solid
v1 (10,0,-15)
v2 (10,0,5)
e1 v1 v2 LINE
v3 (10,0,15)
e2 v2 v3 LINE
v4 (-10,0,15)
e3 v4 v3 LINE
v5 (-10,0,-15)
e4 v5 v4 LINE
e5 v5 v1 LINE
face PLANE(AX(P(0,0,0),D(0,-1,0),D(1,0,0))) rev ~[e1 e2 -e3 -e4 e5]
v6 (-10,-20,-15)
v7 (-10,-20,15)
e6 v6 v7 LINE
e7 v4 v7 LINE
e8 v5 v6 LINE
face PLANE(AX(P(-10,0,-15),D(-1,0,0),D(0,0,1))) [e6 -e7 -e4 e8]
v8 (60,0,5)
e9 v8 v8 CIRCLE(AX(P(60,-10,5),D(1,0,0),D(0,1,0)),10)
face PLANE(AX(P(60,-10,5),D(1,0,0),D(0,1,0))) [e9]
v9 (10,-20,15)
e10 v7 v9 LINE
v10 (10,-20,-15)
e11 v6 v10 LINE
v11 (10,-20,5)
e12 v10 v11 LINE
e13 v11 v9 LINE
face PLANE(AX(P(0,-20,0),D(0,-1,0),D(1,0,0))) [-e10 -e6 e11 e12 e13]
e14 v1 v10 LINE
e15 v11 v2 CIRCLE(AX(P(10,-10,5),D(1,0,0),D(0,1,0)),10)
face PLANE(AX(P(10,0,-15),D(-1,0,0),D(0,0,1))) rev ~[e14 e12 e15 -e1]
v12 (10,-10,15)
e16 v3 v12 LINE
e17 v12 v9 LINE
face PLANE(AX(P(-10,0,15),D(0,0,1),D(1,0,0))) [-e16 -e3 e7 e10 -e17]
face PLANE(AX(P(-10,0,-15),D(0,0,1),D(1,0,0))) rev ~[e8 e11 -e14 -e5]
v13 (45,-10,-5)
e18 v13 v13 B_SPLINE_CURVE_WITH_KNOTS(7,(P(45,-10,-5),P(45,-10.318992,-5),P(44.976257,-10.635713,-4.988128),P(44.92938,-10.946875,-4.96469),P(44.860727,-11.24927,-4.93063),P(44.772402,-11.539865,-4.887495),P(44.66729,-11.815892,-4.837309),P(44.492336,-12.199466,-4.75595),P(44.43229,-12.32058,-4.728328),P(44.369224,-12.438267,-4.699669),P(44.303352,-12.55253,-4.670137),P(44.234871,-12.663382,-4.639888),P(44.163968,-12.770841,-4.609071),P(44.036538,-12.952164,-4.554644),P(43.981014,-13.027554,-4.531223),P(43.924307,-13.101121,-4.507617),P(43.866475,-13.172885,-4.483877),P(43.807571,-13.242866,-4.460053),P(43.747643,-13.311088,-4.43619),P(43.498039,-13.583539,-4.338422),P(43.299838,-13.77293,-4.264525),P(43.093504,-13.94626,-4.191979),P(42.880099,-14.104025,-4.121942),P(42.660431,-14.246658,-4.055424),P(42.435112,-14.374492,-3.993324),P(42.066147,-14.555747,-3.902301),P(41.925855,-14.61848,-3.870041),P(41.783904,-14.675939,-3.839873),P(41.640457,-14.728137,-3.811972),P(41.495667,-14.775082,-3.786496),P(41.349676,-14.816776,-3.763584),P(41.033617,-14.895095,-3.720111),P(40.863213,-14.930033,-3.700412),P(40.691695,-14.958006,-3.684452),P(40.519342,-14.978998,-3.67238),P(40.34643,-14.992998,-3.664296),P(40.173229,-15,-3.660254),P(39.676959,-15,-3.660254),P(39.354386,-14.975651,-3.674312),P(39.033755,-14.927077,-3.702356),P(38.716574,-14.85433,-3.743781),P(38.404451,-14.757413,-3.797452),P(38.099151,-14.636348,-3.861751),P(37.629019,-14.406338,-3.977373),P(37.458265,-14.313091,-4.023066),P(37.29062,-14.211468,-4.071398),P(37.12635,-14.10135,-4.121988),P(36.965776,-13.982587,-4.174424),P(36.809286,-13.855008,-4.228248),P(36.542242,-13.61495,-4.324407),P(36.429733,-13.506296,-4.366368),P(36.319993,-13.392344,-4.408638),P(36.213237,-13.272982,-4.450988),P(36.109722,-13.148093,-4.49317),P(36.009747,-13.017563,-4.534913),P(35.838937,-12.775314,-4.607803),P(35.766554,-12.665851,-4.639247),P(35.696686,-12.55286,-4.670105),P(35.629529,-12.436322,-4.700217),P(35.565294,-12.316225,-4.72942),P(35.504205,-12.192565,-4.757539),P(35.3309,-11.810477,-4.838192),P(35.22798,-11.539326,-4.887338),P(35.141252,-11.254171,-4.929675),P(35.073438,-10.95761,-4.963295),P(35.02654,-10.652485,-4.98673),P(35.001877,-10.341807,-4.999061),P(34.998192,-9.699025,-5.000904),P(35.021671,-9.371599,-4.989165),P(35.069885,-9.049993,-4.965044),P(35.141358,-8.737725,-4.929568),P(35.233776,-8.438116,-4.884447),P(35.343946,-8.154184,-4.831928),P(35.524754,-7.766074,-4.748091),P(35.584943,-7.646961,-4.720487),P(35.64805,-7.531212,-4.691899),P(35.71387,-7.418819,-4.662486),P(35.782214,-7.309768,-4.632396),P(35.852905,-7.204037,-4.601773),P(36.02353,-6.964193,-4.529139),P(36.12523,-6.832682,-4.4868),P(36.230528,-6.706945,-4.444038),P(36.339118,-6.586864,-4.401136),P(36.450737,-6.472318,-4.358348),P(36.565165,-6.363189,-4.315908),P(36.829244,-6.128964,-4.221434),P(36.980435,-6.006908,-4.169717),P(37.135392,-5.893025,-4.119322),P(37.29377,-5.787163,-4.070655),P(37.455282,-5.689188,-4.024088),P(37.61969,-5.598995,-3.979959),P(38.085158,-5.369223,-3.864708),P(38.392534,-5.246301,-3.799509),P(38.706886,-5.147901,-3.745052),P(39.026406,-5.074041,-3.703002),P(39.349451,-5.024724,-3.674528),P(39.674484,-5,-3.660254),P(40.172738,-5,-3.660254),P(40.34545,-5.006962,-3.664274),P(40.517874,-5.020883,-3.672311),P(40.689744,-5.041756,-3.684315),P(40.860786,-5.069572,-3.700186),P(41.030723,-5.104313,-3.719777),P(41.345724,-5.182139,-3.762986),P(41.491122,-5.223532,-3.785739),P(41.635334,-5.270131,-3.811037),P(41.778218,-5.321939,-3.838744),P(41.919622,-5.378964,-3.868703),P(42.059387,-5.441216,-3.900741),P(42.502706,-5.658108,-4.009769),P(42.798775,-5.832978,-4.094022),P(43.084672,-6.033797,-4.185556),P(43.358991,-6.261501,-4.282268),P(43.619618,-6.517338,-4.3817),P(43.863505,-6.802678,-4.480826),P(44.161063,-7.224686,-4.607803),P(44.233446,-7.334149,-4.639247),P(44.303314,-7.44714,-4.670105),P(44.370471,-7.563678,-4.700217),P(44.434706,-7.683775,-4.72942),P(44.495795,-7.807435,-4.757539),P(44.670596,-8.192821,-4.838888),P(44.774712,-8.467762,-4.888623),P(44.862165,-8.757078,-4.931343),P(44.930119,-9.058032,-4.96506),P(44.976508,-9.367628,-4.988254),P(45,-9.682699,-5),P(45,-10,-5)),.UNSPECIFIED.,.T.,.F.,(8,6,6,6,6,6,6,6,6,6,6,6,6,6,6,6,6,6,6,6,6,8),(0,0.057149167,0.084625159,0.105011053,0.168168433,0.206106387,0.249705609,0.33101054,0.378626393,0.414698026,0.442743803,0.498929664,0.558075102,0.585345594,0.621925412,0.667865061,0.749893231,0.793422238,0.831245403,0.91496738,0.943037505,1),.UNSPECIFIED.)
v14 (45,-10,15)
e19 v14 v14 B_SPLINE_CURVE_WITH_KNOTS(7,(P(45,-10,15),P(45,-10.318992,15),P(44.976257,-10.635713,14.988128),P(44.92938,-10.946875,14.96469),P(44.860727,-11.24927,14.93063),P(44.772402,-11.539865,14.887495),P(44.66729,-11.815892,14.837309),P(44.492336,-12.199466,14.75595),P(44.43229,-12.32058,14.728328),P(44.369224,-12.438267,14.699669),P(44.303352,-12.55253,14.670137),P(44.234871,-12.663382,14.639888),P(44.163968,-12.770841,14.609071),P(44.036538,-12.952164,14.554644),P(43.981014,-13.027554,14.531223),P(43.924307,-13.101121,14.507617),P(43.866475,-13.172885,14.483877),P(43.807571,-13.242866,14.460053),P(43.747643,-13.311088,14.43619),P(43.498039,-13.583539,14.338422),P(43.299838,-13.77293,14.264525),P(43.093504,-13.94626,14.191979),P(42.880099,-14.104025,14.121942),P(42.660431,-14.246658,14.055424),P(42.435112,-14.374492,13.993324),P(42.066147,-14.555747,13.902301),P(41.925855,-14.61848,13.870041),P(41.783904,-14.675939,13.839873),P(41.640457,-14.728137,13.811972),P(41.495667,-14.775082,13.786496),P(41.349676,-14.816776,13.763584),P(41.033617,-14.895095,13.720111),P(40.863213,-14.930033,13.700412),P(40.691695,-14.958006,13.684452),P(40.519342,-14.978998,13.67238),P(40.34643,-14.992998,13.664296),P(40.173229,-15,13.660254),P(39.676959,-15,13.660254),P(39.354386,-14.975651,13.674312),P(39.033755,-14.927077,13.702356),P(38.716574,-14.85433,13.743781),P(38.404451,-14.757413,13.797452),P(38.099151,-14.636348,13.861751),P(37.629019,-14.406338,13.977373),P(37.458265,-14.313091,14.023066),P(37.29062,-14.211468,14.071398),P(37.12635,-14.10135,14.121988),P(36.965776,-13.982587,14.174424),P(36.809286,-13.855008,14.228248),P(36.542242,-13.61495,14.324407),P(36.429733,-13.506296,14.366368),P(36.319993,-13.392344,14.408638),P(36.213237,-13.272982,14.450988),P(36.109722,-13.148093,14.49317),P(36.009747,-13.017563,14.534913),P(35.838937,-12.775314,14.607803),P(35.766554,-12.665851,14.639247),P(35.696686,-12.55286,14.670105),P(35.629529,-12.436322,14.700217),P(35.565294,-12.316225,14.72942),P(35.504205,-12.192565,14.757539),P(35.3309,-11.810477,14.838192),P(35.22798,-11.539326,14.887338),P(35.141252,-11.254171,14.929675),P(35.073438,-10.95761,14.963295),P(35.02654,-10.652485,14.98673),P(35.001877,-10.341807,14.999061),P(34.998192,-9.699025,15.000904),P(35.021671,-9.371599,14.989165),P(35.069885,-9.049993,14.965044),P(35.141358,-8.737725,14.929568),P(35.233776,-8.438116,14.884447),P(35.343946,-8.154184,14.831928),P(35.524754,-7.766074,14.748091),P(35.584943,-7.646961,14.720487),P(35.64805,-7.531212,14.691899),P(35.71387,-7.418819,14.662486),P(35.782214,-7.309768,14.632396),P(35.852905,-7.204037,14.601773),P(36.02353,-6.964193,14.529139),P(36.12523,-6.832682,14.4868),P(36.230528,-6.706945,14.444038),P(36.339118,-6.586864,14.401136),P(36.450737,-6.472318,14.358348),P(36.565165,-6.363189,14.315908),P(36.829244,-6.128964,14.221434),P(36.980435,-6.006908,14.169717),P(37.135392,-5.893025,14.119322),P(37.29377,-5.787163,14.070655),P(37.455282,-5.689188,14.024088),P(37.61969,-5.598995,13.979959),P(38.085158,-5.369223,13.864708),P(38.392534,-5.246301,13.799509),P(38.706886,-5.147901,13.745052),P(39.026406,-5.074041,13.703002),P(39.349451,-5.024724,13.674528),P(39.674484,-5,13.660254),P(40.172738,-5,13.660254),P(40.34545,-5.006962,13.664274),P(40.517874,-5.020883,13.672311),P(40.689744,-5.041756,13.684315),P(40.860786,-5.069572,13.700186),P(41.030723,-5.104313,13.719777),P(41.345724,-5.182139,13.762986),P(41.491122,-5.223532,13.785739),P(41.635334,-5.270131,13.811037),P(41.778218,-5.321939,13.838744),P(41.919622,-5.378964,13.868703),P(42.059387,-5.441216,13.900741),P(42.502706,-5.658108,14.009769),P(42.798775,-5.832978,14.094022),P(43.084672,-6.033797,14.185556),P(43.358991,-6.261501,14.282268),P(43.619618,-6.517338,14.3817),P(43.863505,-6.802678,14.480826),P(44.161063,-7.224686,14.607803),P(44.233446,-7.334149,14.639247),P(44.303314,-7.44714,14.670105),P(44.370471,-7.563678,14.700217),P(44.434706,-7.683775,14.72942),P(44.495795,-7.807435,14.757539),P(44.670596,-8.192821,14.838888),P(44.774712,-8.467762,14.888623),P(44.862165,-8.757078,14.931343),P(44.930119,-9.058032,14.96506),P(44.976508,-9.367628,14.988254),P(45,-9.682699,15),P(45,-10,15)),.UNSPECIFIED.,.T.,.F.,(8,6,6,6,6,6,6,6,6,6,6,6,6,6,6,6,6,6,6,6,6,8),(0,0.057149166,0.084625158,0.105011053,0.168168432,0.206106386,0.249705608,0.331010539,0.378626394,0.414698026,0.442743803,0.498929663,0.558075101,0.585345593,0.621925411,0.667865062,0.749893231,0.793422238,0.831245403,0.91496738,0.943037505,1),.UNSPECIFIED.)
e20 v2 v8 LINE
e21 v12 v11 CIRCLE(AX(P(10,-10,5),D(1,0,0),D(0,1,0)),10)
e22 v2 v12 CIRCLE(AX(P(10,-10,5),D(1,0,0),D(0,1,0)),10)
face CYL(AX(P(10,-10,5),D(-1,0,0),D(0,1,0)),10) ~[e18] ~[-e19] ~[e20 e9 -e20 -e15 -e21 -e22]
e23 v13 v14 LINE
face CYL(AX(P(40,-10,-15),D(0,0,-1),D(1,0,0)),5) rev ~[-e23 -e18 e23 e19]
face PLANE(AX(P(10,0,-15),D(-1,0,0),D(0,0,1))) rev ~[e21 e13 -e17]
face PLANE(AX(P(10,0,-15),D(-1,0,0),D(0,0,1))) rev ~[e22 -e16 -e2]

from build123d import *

# Parameters (mm, degrees)
F0_W     = 20
F0_H     = 30
F1_DEPTH = 20
F2_R     = 10
F3_DEPTH = 50
F4_R     = 5
F5_DEPTH = 30.001


with BuildPart() as f1:
    # F0 (on Front) → F1 (new body)
    with BuildSketch(Plane.XZ):
        Rectangle(F0_W, F0_H)
    extrude(amount=F1_DEPTH)

    # F2 (on face) → F3 (join)
    with BuildSketch(Plane.YZ.offset(10)):
        with Locations((-10, 5)):
            Circle(F2_R)
    extrude(amount=F3_DEPTH)

    # F4 (on face) → F5 (cut, through all)
    with BuildSketch(Plane(origin=(0, 0, -15), x_dir=(1, 0, 0), z_dir=(0, 0, -1))):
        with Locations((40, 10)):
            Circle(F4_R)
    extrude(amount=-F5_DEPTH, mode=Mode.SUBTRACT)


solid = f1.part
